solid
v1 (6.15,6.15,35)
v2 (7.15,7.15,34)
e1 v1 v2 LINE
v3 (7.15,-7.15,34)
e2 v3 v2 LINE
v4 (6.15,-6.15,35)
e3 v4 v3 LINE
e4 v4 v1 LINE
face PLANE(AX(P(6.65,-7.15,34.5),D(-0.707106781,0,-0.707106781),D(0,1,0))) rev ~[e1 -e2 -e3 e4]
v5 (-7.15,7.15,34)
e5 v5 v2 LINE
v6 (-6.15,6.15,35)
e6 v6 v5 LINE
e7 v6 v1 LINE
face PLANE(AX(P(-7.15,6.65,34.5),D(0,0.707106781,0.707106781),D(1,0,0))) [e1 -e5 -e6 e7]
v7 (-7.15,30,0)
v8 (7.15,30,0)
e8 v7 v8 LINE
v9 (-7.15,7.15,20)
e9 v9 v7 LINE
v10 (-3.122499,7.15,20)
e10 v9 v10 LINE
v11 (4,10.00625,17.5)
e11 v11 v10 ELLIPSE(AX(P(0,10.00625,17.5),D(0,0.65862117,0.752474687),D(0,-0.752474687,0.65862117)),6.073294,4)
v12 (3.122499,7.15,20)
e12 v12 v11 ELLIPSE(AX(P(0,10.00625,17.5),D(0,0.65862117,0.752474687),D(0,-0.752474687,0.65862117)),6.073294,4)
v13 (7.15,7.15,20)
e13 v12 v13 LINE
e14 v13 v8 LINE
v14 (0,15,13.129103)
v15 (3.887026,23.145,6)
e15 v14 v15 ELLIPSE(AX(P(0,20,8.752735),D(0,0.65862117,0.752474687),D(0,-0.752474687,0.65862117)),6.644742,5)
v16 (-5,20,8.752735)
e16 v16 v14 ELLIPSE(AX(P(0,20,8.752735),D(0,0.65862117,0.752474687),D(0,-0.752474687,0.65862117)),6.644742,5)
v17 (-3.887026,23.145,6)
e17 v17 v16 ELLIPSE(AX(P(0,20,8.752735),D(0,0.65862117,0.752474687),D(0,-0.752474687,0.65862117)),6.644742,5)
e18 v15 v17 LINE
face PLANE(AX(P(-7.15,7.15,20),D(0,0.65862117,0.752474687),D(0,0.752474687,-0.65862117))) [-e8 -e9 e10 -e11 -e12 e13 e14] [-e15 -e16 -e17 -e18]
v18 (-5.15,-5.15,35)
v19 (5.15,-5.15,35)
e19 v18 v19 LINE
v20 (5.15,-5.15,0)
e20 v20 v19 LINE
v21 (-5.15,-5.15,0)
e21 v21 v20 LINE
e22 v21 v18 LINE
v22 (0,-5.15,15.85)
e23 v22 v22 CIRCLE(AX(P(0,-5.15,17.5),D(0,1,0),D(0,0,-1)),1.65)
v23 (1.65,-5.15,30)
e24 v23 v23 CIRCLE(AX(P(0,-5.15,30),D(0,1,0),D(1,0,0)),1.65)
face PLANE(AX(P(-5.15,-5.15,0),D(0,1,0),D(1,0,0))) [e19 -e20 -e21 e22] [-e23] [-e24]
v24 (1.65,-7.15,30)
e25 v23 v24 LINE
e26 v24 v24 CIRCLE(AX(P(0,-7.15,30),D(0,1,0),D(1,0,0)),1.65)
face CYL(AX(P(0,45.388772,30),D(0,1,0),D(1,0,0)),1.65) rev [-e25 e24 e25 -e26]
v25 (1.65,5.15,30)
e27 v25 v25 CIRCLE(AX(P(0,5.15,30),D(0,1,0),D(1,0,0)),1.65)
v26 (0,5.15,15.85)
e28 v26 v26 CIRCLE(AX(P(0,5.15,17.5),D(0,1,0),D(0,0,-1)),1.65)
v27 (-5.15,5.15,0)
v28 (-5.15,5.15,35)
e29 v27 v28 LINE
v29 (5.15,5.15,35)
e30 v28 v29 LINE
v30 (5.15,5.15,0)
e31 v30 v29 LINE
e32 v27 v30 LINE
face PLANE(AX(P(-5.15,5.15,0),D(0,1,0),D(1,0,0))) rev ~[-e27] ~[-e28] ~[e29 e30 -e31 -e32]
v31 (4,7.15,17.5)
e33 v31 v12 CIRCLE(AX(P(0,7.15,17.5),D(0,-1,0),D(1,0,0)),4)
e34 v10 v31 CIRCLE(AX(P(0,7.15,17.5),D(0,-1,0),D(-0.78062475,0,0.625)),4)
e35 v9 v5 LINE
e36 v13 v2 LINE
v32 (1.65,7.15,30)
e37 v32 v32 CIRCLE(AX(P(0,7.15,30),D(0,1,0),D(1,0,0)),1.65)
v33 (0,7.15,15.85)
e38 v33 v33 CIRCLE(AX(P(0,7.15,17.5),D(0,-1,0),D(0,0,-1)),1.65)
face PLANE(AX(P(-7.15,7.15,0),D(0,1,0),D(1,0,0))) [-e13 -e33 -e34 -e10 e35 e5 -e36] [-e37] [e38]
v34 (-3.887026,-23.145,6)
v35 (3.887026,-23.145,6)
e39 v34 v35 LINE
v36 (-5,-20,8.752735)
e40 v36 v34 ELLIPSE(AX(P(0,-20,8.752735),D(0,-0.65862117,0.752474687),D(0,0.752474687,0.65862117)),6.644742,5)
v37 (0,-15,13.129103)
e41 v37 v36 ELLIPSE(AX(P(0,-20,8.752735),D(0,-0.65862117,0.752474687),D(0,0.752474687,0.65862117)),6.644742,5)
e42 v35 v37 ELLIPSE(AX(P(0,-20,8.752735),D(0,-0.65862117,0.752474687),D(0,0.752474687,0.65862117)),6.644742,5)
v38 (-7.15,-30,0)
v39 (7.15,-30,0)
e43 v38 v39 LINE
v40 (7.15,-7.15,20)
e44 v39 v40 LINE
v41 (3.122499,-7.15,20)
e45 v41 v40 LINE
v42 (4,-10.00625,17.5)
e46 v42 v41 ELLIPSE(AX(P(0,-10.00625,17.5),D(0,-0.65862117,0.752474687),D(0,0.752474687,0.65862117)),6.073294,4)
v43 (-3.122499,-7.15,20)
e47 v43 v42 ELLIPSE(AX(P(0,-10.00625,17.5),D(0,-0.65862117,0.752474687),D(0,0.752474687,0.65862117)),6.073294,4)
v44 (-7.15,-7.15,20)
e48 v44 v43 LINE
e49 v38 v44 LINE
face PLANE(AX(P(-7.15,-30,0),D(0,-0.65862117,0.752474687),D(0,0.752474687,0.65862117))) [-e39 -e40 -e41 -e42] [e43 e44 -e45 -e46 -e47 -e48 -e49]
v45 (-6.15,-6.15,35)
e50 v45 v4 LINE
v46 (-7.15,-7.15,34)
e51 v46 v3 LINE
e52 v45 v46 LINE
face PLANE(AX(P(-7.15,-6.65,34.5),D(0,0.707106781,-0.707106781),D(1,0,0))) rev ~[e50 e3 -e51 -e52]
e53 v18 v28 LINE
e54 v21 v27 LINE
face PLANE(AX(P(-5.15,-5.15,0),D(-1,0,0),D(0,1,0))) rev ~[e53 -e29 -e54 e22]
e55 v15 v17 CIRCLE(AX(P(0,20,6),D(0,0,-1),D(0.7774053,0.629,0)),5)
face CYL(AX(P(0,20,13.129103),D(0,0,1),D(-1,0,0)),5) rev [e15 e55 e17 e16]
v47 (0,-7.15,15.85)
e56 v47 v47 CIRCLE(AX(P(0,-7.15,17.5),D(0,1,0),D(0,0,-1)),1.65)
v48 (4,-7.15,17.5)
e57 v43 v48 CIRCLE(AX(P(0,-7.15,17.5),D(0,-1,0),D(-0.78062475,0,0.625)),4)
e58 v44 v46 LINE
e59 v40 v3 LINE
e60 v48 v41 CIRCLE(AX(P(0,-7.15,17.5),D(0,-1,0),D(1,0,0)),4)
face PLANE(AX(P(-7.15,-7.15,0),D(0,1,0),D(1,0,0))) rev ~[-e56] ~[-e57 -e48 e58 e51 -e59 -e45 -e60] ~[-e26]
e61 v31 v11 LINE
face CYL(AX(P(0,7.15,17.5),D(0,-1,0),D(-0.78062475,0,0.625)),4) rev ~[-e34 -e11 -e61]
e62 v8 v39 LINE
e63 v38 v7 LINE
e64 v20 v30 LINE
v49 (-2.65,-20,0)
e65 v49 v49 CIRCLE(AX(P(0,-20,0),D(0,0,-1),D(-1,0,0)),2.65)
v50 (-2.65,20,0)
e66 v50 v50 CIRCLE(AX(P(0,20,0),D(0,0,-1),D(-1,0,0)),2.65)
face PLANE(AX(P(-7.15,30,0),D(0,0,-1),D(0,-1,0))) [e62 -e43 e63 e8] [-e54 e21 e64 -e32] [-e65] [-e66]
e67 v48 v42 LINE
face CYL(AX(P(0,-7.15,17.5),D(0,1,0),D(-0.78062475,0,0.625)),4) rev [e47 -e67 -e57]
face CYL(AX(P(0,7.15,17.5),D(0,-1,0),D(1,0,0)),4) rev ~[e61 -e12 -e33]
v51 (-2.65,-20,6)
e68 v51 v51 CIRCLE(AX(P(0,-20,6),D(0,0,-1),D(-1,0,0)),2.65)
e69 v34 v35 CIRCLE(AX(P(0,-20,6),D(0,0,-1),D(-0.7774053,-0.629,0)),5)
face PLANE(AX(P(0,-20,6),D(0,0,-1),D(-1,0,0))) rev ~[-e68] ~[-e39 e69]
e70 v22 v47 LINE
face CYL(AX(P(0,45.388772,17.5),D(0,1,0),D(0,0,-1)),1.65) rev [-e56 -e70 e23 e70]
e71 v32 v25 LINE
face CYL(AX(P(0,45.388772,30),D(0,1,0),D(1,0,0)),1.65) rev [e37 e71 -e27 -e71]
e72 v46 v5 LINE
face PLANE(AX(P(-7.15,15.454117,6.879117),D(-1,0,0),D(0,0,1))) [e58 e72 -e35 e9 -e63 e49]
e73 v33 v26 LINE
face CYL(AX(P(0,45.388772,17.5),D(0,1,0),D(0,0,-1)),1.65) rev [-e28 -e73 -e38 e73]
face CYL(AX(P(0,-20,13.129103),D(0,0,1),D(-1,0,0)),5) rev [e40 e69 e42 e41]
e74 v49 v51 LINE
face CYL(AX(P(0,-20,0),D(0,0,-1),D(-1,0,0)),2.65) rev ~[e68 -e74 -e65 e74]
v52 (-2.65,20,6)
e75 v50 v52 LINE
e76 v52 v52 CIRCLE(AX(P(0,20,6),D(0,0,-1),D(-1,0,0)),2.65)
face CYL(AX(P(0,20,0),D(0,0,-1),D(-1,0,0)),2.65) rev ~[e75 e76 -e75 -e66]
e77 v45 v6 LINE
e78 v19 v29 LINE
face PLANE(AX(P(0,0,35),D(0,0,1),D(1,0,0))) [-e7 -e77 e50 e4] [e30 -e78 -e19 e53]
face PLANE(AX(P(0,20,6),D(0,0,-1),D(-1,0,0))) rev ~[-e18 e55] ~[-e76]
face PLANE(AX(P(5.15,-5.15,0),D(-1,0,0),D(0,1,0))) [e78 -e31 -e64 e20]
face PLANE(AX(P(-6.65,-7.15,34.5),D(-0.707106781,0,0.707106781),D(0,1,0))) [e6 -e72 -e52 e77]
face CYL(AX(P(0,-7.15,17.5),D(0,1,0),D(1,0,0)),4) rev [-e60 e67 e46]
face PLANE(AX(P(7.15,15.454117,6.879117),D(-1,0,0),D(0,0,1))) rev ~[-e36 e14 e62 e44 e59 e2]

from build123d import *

# Parameters (mm, degrees)
SKETCH_1_W               = 14.3
SKETCH_1_H               = 14.3
SKETCH_1_W_2             = 10.3
SKETCH_1_H_2             = 10.3
EXTRUDE_1_DEPTH          = 35
EXTRUDE_1_2_DEPTH        = 14.3
CUT_EXTRUDE_1_DEPTH      = 52.538771813
CUT_EXTRUDE_1_DEPTH_BACK = 52.538771813
SKETCH_3_R               = 1.65
SKETCH_3_4_R             = 1.65
CUT_EXTRUDE_2_DEPTH      = 52.538771813
CUT_EXTRUDE_START        = -14.3
SKETCH_3_5_R             = 1.65
CUT_EXTRUDE_3_DEPTH      = 38.238771813
CUT_EXTRUDE_4_REACH      = 48.649
SKETCH_4_R               = 2.65
CUT_EXTRUDE_START_2      = -13.129103
SKETCH_4_3_R             = 5
CUT_EXTRUDE_5_DEPTH      = 7.129103
CHAMFER_1_SIZE           = 1


with BuildPart() as part:
    # 草图1 → Extrude 1 (new body)
    with BuildSketch(Plane.XY):
        Rectangle(SKETCH_1_W, SKETCH_1_H)
        Rectangle(SKETCH_1_W_2, SKETCH_1_H_2, mode=Mode.SUBTRACT)
    extrude(amount=EXTRUDE_1_DEPTH)

    # 草图2 → Extrude 1 2 (add)
    with BuildSketch(Plane.ZY.offset(7.15)):
        Polygon((0, 30), (0, 7.15), (20, 7.15), align=None)
        Polygon((0, -7.15), (0, -30), (20, -7.15), align=None)
    extrude(amount=-EXTRUDE_1_2_DEPTH)

    # 草图3 → 切除-拉伸1 (cut, two sides: drawn at the far end of the back side and taken through both)
    with BuildSketch(Plane.XZ.offset(7.15).offset(-CUT_EXTRUDE_1_DEPTH_BACK)):
        with Locations((0, 30)):
            Circle(SKETCH_3_R)
        with Locations(Location((0, 17.5, 0), (0, 0, 270))):
            Circle(SKETCH_3_R)
    extrude(amount=CUT_EXTRUDE_1_DEPTH + CUT_EXTRUDE_1_DEPTH_BACK, mode=Mode.SUBTRACT)

    # 草图3<4> → 切除-拉伸2 (cut, through all)
    # profile 1 of 2: a face of its own
    with BuildSketch(Plane.XZ.offset(7.15)):
        with BuildLine():
            ThreePointArc((-3.122498999, 20), (-1.324764885, 13.725745372), (4, 17.5))
            ThreePointArc((4, 17.5), (3.774254628, 18.824764885), (3.122498999, 20))
            Line((3.122498999, 20), (-3.122498999, 20))
        make_face()
        with Locations((0, 17.5)):
            Circle(SKETCH_3_4_R, mode=Mode.SUBTRACT)
    # profile 2 of 2: a face of its own
    with BuildSketch(Plane.XZ.offset(7.15)):
        with BuildLine():
            ThreePointArc((-3.122498999, 20), (-1.324764885, 13.725745372), (4, 17.5))
            ThreePointArc((4, 17.5), (3.774254628, 18.824764885), (3.122498999, 20))
            Line((3.122498999, 20), (-3.122498999, 20))
        make_face()
        with Locations((0, 17.5)):
            Circle(SKETCH_3_4_R, mode=Mode.SUBTRACT)
    extrude(amount=CUT_EXTRUDE_2_DEPTH, mode=Mode.SUBTRACT)

    # 草图3<5> → 切除-拉伸3 (cut, through all)
    # profile 1 of 2: a face of its own
    with BuildSketch(Plane.XZ.offset(7.15).offset(CUT_EXTRUDE_START)):
        with BuildLine():
            ThreePointArc((-3.122498999, 20), (-1.324764885, 13.725745372), (4, 17.5))
            ThreePointArc((4, 17.5), (3.774254628, 18.824764885), (3.122498999, 20))
            Line((3.122498999, 20), (-3.122498999, 20))
        make_face()
        with Locations((0, 17.5)):
            Circle(SKETCH_3_5_R, mode=Mode.SUBTRACT)
    # profile 2 of 2: a face of its own
    with BuildSketch(Plane.XZ.offset(7.15).offset(CUT_EXTRUDE_START)):
        with BuildLine():
            ThreePointArc((-3.122498999, 20), (-1.324764885, 13.725745372), (4, 17.5))
            ThreePointArc((4, 17.5), (3.774254628, 18.824764885), (3.122498999, 20))
            Line((3.122498999, 20), (-3.122498999, 20))
        make_face()
        with Locations((0, 17.5)):
            Circle(SKETCH_3_5_R, mode=Mode.SUBTRACT)
    extrude(amount=-CUT_EXTRUDE_3_DEPTH, mode=Mode.SUBTRACT)

    # 草图4 → 切除-拉伸4 (cut, up to next)
    with BuildSketch(Plane(origin=(0, 0, 0), x_dir=(-1, 0, 0), z_dir=(0, 0, -1)), mode=Mode.PRIVATE) as cut_extrude_4_sk1:
        with Locations((0, 20)):
            Circle(SKETCH_4_R)
    cut_extrude_4_tool1 = extrude(cut_extrude_4_sk1.sketch, amount=-CUT_EXTRUDE_4_REACH, mode=Mode.PRIVATE) & part.part
    # 草图4 → 切除-拉伸4 (cut, up to next)
    with BuildSketch(Plane(origin=(0, 0, 0), x_dir=(-1, 0, 0), z_dir=(0, 0, -1)), mode=Mode.PRIVATE) as cut_extrude_4_sk2:
        with Locations((0, -20)):
            Circle(SKETCH_4_R)
    cut_extrude_4_tool2 = extrude(cut_extrude_4_sk2.sketch, amount=-CUT_EXTRUDE_4_REACH, mode=Mode.PRIVATE) & part.part
    add(cut_extrude_4_tool1.solids().sort_by_distance((0, 20, 0))[0], mode=Mode.SUBTRACT)
    add(cut_extrude_4_tool2.solids().sort_by_distance((0, -20, 0))[0], mode=Mode.SUBTRACT)

    # 草图4<3> → 切除-拉伸5 (cut)
    with BuildSketch(Plane(origin=(0, 0, 0), x_dir=(-1, 0, 0), z_dir=(0, 0, -1)).offset(CUT_EXTRUDE_START_2)):
        with Locations((0, 20)):
            Circle(SKETCH_4_3_R)
        with Locations((0, -20)):
            Circle(SKETCH_4_3_R)
    extrude(amount=CUT_EXTRUDE_5_DEPTH, mode=Mode.SUBTRACT)

    # 倒角1
    chamfer_1_edges = [part.edges().sort_by_distance(p)[0] for p in [
        (7.15, 0, 35),
        (0, 7.15, 35),
        (-7.15, 0, 35),
        (0, -7.15, 35),
    ]]
    chamfer(chamfer_1_edges, length=CHAMFER_1_SIZE)


solid = part.part
